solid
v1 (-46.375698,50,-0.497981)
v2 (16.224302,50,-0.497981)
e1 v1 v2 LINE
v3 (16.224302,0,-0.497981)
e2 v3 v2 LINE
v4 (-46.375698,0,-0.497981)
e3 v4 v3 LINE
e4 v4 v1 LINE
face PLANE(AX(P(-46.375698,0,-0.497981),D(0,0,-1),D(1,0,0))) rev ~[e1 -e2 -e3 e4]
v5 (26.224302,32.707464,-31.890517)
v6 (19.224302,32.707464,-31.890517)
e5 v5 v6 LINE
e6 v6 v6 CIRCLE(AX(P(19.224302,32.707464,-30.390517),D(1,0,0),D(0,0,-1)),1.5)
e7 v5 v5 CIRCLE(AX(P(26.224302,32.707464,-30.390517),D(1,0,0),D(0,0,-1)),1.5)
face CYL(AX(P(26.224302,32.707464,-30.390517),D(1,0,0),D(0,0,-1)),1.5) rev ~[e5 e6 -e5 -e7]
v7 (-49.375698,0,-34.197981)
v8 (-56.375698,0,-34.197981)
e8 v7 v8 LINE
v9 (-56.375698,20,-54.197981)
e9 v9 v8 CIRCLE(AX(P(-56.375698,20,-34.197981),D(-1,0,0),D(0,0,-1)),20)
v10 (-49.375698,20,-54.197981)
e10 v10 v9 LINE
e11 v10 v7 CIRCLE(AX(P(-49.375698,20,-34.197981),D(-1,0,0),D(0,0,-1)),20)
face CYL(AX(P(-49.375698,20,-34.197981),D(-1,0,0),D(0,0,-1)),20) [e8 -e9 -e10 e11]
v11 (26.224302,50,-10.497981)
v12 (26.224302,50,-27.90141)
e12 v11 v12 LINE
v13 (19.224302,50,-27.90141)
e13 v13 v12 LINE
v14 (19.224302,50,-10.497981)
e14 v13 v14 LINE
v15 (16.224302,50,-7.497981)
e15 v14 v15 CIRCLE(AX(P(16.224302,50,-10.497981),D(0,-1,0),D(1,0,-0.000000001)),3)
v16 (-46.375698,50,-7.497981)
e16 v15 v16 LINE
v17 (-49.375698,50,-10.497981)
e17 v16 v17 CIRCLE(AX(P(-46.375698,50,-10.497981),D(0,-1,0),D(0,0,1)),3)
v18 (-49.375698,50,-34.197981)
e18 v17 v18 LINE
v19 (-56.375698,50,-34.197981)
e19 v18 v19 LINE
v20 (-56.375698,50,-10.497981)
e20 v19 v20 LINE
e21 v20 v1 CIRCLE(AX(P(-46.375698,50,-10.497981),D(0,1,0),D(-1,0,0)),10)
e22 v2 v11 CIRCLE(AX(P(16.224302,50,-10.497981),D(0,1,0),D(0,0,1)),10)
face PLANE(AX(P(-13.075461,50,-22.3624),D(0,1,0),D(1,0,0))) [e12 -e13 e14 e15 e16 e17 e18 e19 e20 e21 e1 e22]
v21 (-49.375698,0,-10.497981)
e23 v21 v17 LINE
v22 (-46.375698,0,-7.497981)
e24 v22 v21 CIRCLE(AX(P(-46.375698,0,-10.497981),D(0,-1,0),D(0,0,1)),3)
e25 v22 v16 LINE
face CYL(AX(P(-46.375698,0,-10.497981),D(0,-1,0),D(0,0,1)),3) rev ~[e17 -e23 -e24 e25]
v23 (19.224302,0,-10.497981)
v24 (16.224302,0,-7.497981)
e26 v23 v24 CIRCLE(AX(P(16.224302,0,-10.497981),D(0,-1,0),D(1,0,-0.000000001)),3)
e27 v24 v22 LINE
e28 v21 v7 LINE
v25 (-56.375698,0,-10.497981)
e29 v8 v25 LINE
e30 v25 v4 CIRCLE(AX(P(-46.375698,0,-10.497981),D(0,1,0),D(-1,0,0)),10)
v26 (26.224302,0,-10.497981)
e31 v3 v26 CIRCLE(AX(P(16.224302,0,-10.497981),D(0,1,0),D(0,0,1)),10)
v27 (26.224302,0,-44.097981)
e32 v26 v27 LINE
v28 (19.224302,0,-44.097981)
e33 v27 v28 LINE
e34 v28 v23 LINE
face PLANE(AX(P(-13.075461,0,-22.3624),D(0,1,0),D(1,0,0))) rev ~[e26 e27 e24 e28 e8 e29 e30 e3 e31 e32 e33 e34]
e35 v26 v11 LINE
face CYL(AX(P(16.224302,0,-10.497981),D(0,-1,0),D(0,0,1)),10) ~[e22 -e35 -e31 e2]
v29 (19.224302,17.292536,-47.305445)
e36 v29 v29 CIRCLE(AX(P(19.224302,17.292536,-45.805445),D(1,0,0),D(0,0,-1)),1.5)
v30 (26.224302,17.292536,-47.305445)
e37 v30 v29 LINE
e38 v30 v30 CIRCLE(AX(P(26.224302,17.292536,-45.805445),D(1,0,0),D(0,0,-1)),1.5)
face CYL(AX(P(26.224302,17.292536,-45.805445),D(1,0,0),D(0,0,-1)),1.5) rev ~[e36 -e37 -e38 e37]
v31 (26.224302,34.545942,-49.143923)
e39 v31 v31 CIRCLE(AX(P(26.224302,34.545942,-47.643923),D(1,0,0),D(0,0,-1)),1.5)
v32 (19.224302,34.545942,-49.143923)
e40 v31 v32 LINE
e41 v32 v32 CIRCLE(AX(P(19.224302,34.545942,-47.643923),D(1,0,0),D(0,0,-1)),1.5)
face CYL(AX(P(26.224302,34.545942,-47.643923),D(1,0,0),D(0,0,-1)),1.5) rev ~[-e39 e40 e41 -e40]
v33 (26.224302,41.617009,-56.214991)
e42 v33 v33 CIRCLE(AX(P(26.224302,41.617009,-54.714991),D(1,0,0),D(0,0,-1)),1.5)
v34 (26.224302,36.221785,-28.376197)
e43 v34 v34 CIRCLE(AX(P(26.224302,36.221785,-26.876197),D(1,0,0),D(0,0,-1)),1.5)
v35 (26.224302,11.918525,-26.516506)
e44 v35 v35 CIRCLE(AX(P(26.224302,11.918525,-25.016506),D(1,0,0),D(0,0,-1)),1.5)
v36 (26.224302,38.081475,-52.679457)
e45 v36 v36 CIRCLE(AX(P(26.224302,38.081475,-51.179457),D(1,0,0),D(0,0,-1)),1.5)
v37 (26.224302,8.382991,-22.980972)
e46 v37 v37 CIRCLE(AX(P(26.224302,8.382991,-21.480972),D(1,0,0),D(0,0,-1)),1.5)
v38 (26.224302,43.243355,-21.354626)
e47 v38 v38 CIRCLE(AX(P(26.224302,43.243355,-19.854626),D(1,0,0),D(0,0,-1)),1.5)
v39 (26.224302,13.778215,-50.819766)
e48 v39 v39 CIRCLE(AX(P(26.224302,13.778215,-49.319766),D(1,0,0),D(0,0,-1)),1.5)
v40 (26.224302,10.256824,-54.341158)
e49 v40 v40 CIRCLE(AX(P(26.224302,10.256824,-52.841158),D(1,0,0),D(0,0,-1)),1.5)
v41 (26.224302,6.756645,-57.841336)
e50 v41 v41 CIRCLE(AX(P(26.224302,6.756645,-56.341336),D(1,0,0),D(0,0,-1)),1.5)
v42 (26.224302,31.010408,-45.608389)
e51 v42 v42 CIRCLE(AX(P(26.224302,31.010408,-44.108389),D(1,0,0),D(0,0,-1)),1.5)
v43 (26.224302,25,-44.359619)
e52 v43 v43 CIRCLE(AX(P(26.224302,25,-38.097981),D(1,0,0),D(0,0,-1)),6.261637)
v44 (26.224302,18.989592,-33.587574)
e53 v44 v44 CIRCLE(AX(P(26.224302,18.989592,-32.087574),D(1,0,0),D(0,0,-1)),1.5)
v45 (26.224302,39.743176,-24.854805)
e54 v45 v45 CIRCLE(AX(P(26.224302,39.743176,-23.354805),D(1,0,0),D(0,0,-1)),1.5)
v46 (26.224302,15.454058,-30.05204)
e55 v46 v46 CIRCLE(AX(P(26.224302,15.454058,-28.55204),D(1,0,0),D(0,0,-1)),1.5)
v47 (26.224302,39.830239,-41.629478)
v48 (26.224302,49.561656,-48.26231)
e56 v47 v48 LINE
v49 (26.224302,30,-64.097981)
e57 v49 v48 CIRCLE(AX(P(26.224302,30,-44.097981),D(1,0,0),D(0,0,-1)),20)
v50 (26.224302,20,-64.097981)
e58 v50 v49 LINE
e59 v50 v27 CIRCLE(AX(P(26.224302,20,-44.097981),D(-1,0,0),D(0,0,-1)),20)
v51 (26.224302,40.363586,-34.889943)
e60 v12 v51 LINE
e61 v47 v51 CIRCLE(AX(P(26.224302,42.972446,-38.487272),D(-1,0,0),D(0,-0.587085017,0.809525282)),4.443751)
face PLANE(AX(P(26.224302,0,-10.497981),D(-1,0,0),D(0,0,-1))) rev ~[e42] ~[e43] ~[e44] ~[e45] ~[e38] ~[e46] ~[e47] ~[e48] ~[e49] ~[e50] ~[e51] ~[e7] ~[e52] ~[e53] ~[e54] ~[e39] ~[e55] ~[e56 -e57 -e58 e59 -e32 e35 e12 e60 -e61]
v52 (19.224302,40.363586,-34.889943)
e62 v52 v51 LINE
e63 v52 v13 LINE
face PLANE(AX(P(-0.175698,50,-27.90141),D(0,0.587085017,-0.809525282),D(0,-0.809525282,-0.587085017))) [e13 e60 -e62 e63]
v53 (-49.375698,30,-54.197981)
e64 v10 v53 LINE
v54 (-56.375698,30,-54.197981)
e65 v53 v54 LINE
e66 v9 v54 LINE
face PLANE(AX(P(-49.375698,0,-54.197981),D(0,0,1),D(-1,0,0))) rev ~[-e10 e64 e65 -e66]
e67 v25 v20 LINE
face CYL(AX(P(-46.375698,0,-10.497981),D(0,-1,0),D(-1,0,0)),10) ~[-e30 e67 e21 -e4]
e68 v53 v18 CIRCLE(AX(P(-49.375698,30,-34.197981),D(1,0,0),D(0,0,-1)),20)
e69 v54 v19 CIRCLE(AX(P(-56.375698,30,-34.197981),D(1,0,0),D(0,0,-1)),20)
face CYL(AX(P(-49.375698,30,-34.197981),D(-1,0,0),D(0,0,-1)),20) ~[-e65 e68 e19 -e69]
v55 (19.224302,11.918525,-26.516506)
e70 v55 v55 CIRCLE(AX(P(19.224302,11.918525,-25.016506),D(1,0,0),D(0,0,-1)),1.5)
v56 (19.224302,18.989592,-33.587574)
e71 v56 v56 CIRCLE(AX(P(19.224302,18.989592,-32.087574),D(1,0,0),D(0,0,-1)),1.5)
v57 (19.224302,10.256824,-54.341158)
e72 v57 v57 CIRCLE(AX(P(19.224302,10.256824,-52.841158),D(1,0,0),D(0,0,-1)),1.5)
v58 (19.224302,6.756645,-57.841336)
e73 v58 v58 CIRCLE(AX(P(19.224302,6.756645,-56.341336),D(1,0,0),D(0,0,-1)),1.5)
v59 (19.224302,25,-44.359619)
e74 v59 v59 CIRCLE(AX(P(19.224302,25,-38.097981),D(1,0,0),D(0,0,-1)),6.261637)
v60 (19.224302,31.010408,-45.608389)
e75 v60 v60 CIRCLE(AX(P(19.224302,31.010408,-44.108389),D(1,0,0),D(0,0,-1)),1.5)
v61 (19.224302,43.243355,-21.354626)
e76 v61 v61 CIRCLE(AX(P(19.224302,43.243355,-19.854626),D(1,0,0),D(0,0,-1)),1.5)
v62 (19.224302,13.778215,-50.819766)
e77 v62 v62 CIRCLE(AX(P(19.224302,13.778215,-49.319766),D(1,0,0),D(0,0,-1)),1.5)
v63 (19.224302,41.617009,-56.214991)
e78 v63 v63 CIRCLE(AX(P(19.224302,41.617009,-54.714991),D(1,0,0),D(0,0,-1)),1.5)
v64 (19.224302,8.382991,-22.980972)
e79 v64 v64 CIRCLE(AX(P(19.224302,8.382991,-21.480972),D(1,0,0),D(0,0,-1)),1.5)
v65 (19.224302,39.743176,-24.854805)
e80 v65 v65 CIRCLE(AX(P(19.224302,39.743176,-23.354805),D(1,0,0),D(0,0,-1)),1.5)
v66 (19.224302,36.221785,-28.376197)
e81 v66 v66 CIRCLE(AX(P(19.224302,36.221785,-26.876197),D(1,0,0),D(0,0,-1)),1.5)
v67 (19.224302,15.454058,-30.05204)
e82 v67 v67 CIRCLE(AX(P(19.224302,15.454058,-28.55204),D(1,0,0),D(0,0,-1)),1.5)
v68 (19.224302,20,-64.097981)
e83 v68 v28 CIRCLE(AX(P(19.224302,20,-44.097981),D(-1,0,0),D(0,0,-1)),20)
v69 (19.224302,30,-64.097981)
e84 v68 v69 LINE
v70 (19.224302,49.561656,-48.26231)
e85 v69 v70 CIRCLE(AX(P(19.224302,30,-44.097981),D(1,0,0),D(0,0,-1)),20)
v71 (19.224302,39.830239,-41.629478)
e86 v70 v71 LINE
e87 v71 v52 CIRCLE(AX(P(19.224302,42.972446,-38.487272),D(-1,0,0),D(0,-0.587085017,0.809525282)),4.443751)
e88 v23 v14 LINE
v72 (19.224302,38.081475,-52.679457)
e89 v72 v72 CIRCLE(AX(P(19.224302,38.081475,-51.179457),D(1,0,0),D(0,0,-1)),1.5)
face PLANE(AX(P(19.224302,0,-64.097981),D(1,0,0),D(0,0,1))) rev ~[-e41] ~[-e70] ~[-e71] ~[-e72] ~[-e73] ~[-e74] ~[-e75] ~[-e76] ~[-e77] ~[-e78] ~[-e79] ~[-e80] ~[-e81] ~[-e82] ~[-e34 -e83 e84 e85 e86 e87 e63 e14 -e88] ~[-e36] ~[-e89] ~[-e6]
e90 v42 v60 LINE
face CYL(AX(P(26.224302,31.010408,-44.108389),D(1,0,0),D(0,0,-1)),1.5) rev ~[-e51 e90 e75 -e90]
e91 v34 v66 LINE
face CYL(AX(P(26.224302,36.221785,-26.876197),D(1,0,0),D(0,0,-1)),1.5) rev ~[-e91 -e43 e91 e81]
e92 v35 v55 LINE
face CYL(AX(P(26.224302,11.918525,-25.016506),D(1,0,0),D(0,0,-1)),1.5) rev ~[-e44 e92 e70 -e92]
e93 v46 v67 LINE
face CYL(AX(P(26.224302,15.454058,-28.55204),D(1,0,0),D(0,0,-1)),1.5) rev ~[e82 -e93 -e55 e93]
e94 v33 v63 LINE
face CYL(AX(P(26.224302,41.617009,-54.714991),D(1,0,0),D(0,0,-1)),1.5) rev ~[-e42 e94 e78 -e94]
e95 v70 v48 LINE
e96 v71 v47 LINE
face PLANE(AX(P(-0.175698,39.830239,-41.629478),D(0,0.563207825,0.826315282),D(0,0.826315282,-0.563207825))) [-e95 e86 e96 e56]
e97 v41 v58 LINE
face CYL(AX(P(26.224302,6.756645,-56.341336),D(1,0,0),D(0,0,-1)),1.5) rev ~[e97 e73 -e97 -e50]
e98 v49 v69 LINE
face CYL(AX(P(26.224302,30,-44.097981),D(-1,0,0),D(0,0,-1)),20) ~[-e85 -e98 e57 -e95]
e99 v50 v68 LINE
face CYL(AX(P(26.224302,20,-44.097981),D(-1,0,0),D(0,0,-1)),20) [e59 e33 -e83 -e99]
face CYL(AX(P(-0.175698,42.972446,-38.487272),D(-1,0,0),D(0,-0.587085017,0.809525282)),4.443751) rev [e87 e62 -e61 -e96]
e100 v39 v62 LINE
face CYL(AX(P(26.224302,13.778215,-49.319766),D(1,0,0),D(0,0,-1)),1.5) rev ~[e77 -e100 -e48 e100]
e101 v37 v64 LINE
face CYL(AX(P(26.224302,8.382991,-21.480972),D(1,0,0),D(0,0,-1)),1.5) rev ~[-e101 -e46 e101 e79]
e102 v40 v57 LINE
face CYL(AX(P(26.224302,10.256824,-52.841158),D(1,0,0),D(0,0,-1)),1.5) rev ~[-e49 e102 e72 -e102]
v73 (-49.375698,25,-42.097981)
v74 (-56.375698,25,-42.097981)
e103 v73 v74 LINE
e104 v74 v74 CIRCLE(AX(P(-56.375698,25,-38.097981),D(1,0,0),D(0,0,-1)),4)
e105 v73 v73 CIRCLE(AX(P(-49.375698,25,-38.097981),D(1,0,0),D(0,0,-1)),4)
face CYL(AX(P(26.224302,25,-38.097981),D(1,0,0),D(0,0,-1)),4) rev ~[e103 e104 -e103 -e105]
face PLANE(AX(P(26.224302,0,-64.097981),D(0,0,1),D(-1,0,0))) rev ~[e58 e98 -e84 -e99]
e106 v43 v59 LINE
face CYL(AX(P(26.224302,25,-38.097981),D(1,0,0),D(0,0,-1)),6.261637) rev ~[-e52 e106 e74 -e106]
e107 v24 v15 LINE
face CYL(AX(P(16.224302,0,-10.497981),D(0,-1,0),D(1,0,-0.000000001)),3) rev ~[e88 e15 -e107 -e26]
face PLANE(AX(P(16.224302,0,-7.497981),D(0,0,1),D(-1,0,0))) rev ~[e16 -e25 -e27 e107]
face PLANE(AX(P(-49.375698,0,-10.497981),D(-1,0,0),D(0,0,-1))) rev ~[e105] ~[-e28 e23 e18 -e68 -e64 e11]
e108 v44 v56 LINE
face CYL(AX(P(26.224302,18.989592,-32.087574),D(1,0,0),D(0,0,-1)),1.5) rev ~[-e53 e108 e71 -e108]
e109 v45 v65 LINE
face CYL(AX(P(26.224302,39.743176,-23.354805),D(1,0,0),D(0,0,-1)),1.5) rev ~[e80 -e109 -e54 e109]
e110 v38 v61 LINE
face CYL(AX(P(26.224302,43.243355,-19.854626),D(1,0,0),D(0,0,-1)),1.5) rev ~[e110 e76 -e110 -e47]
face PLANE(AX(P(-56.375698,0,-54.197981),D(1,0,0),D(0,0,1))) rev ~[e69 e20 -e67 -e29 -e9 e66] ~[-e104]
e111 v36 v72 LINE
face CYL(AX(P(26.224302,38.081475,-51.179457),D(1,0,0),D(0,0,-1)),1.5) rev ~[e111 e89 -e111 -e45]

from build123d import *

# Parameters (mm, degrees)
BOSS_EXTRUDE1_DEPTH     = 50
FILLET2_R               = 20
SKETCH6_R               = 6.261637428
SKETCH6_R_2             = 1.5
CUT_EXTRUDE2_DEPTH      = 28.4
SKETCH6_3_R             = 4
CUT_EXTRUDE3_DEPTH      = 136.4
CUT_EXTRUDE4_DEPTH      = 116.893533958
CUT_EXTRUDE4_DEPTH_BACK = 26.4


with BuildPart() as part:
    # Sketch1 → Boss-Extrude1 (new body)
    with BuildSketch(Plane(origin=(0, 0, 0), x_dir=(1, 0, 0), z_dir=(0, 1, 0))):
        with BuildLine():
            Line((-56.375697839, 54.197981352), (-56.375697839, 10.497981352))
            ThreePointArc((-56.375697839, 10.497981352), (-53.44676565, 3.42691354), (-46.375697839, 0.497981352))
            Line((-46.375697839, 0.497981352), (16.224302161, 0.497981352))
            ThreePointArc((16.224302161, 0.497981352), (23.295369973, 3.42691354), (26.224302161, 10.497981352))
            Line((26.224302161, 10.497981352), (26.224302161, 64.097981352))
            Line((26.224302161, 64.097981352), (19.224302161, 64.097981352))
            Line((19.224302161, 64.097981352), (19.224302161, 10.497981352))
            ThreePointArc((19.224302161, 10.497981352), (18.345622505, 8.376661008), (16.224302161, 7.497981352))
            Line((16.224302161, 7.497981352), (-46.375697839, 7.497981352))
            ThreePointArc((-46.375697839, 7.497981352), (-48.497018182, 8.376661008), (-49.375697839, 10.497981352))
            Line((-49.375697839, 10.497981352), (-49.375697839, 54.197981352))
            Line((-49.375697839, 54.197981352), (-56.375697839, 54.197981352))
        make_face()
    extrude(amount=BOSS_EXTRUDE1_DEPTH)

    # Fillet2
    fillet2_edges = [part.edges().sort_by_distance(p)[0] for p in [
        (-52.875697839, 50, -54.197981352),
        (-52.875697839, 0, -54.197981352),
        (22.724302161, 0, -64.097981352),
        (22.724302161, 50, -64.097981352),
    ]]
    fillet(fillet2_edges, radius=FILLET2_R)

    # Sketch6 → Cut-Extrude2 (cut)
    with BuildSketch(Plane(origin=(26.224302161, 0, 0), x_dir=(0, 0, -1), z_dir=(1, 0, 0))):
        with Locations((38.097981352, 25)):
            Circle(SKETCH6_R)
        with Locations((19.854626397, 43.243354955)):
            Circle(SKETCH6_R_2)
        with Locations((23.354804964, 39.743176388)):
            Circle(SKETCH6_R_2)
        with Locations((26.876196734, 36.221784617)):
            Circle(SKETCH6_R_2)
        with Locations((30.390517437, 32.707463915)):
            Circle(SKETCH6_R_2)
        with Locations((32.087573711, 18.98959236)):
            Circle(SKETCH6_R_2)
        with Locations((28.552039805, 15.454058454)):
            Circle(SKETCH6_R_2)
        with Locations((25.0165059, 11.918524548)):
            Circle(SKETCH6_R_2)
        with Locations((21.480971994, 8.382990642)):
            Circle(SKETCH6_R_2)
        with Locations((44.108388992, 31.01040764)):
            Circle(SKETCH6_R_2)
        with Locations((47.643922898, 34.545941546)):
            Circle(SKETCH6_R_2)
        with Locations((51.179456803, 38.081475452)):
            Circle(SKETCH6_R_2)
        with Locations((54.714990709, 41.617009358)):
            Circle(SKETCH6_R_2)
        with Locations((56.341336306, 6.756645045)):
            Circle(SKETCH6_R_2)
        with Locations((52.841157739, 10.256823612)):
            Circle(SKETCH6_R_2)
        with Locations((49.319765969, 13.778215383)):
            Circle(SKETCH6_R_2)
        with Locations((45.805445266, 17.292536085)):
            Circle(SKETCH6_R_2)
    extrude(amount=-CUT_EXTRUDE2_DEPTH, mode=Mode.SUBTRACT)

    # Sketch6<3> → Cut-Extrude3 (cut)
    with BuildSketch(Plane(origin=(26.224302161, 0, 0), x_dir=(0, 0, -1), z_dir=(1, 0, 0))):
        with Locations((38.097981352, 25)):
            Circle(SKETCH6_3_R)
    extrude(amount=-CUT_EXTRUDE3_DEPTH, mode=Mode.SUBTRACT)

    # Sketch7 → Cut-Extrude4 (cut, two sides: drawn at the far end of the back side and taken through both)
    with BuildSketch(Plane(origin=(26.224302161, 0, 0), x_dir=(0, 0, -1), z_dir=(1, 0, 0)).offset(-CUT_EXTRUDE4_DEPTH_BACK)):
        with BuildLine():
            Line((44.097981352, 50), (27.901409821, 50))
            Line((27.901409821, 50), (34.889942889, 40.363586132))
            ThreePointArc((34.889942889, 40.363586132), (38.136702541, 38.542544558), (41.629478365, 39.830239282))
            Line((41.629478365, 39.830239282), (48.26230961, 49.561655609))
            ThreePointArc((48.26230961, 49.561655609), (46.191648926, 49.890112018), (44.097981352, 50))
        make_face()
    extrude(amount=CUT_EXTRUDE4_DEPTH + CUT_EXTRUDE4_DEPTH_BACK, mode=Mode.SUBTRACT)


solid = part.part
